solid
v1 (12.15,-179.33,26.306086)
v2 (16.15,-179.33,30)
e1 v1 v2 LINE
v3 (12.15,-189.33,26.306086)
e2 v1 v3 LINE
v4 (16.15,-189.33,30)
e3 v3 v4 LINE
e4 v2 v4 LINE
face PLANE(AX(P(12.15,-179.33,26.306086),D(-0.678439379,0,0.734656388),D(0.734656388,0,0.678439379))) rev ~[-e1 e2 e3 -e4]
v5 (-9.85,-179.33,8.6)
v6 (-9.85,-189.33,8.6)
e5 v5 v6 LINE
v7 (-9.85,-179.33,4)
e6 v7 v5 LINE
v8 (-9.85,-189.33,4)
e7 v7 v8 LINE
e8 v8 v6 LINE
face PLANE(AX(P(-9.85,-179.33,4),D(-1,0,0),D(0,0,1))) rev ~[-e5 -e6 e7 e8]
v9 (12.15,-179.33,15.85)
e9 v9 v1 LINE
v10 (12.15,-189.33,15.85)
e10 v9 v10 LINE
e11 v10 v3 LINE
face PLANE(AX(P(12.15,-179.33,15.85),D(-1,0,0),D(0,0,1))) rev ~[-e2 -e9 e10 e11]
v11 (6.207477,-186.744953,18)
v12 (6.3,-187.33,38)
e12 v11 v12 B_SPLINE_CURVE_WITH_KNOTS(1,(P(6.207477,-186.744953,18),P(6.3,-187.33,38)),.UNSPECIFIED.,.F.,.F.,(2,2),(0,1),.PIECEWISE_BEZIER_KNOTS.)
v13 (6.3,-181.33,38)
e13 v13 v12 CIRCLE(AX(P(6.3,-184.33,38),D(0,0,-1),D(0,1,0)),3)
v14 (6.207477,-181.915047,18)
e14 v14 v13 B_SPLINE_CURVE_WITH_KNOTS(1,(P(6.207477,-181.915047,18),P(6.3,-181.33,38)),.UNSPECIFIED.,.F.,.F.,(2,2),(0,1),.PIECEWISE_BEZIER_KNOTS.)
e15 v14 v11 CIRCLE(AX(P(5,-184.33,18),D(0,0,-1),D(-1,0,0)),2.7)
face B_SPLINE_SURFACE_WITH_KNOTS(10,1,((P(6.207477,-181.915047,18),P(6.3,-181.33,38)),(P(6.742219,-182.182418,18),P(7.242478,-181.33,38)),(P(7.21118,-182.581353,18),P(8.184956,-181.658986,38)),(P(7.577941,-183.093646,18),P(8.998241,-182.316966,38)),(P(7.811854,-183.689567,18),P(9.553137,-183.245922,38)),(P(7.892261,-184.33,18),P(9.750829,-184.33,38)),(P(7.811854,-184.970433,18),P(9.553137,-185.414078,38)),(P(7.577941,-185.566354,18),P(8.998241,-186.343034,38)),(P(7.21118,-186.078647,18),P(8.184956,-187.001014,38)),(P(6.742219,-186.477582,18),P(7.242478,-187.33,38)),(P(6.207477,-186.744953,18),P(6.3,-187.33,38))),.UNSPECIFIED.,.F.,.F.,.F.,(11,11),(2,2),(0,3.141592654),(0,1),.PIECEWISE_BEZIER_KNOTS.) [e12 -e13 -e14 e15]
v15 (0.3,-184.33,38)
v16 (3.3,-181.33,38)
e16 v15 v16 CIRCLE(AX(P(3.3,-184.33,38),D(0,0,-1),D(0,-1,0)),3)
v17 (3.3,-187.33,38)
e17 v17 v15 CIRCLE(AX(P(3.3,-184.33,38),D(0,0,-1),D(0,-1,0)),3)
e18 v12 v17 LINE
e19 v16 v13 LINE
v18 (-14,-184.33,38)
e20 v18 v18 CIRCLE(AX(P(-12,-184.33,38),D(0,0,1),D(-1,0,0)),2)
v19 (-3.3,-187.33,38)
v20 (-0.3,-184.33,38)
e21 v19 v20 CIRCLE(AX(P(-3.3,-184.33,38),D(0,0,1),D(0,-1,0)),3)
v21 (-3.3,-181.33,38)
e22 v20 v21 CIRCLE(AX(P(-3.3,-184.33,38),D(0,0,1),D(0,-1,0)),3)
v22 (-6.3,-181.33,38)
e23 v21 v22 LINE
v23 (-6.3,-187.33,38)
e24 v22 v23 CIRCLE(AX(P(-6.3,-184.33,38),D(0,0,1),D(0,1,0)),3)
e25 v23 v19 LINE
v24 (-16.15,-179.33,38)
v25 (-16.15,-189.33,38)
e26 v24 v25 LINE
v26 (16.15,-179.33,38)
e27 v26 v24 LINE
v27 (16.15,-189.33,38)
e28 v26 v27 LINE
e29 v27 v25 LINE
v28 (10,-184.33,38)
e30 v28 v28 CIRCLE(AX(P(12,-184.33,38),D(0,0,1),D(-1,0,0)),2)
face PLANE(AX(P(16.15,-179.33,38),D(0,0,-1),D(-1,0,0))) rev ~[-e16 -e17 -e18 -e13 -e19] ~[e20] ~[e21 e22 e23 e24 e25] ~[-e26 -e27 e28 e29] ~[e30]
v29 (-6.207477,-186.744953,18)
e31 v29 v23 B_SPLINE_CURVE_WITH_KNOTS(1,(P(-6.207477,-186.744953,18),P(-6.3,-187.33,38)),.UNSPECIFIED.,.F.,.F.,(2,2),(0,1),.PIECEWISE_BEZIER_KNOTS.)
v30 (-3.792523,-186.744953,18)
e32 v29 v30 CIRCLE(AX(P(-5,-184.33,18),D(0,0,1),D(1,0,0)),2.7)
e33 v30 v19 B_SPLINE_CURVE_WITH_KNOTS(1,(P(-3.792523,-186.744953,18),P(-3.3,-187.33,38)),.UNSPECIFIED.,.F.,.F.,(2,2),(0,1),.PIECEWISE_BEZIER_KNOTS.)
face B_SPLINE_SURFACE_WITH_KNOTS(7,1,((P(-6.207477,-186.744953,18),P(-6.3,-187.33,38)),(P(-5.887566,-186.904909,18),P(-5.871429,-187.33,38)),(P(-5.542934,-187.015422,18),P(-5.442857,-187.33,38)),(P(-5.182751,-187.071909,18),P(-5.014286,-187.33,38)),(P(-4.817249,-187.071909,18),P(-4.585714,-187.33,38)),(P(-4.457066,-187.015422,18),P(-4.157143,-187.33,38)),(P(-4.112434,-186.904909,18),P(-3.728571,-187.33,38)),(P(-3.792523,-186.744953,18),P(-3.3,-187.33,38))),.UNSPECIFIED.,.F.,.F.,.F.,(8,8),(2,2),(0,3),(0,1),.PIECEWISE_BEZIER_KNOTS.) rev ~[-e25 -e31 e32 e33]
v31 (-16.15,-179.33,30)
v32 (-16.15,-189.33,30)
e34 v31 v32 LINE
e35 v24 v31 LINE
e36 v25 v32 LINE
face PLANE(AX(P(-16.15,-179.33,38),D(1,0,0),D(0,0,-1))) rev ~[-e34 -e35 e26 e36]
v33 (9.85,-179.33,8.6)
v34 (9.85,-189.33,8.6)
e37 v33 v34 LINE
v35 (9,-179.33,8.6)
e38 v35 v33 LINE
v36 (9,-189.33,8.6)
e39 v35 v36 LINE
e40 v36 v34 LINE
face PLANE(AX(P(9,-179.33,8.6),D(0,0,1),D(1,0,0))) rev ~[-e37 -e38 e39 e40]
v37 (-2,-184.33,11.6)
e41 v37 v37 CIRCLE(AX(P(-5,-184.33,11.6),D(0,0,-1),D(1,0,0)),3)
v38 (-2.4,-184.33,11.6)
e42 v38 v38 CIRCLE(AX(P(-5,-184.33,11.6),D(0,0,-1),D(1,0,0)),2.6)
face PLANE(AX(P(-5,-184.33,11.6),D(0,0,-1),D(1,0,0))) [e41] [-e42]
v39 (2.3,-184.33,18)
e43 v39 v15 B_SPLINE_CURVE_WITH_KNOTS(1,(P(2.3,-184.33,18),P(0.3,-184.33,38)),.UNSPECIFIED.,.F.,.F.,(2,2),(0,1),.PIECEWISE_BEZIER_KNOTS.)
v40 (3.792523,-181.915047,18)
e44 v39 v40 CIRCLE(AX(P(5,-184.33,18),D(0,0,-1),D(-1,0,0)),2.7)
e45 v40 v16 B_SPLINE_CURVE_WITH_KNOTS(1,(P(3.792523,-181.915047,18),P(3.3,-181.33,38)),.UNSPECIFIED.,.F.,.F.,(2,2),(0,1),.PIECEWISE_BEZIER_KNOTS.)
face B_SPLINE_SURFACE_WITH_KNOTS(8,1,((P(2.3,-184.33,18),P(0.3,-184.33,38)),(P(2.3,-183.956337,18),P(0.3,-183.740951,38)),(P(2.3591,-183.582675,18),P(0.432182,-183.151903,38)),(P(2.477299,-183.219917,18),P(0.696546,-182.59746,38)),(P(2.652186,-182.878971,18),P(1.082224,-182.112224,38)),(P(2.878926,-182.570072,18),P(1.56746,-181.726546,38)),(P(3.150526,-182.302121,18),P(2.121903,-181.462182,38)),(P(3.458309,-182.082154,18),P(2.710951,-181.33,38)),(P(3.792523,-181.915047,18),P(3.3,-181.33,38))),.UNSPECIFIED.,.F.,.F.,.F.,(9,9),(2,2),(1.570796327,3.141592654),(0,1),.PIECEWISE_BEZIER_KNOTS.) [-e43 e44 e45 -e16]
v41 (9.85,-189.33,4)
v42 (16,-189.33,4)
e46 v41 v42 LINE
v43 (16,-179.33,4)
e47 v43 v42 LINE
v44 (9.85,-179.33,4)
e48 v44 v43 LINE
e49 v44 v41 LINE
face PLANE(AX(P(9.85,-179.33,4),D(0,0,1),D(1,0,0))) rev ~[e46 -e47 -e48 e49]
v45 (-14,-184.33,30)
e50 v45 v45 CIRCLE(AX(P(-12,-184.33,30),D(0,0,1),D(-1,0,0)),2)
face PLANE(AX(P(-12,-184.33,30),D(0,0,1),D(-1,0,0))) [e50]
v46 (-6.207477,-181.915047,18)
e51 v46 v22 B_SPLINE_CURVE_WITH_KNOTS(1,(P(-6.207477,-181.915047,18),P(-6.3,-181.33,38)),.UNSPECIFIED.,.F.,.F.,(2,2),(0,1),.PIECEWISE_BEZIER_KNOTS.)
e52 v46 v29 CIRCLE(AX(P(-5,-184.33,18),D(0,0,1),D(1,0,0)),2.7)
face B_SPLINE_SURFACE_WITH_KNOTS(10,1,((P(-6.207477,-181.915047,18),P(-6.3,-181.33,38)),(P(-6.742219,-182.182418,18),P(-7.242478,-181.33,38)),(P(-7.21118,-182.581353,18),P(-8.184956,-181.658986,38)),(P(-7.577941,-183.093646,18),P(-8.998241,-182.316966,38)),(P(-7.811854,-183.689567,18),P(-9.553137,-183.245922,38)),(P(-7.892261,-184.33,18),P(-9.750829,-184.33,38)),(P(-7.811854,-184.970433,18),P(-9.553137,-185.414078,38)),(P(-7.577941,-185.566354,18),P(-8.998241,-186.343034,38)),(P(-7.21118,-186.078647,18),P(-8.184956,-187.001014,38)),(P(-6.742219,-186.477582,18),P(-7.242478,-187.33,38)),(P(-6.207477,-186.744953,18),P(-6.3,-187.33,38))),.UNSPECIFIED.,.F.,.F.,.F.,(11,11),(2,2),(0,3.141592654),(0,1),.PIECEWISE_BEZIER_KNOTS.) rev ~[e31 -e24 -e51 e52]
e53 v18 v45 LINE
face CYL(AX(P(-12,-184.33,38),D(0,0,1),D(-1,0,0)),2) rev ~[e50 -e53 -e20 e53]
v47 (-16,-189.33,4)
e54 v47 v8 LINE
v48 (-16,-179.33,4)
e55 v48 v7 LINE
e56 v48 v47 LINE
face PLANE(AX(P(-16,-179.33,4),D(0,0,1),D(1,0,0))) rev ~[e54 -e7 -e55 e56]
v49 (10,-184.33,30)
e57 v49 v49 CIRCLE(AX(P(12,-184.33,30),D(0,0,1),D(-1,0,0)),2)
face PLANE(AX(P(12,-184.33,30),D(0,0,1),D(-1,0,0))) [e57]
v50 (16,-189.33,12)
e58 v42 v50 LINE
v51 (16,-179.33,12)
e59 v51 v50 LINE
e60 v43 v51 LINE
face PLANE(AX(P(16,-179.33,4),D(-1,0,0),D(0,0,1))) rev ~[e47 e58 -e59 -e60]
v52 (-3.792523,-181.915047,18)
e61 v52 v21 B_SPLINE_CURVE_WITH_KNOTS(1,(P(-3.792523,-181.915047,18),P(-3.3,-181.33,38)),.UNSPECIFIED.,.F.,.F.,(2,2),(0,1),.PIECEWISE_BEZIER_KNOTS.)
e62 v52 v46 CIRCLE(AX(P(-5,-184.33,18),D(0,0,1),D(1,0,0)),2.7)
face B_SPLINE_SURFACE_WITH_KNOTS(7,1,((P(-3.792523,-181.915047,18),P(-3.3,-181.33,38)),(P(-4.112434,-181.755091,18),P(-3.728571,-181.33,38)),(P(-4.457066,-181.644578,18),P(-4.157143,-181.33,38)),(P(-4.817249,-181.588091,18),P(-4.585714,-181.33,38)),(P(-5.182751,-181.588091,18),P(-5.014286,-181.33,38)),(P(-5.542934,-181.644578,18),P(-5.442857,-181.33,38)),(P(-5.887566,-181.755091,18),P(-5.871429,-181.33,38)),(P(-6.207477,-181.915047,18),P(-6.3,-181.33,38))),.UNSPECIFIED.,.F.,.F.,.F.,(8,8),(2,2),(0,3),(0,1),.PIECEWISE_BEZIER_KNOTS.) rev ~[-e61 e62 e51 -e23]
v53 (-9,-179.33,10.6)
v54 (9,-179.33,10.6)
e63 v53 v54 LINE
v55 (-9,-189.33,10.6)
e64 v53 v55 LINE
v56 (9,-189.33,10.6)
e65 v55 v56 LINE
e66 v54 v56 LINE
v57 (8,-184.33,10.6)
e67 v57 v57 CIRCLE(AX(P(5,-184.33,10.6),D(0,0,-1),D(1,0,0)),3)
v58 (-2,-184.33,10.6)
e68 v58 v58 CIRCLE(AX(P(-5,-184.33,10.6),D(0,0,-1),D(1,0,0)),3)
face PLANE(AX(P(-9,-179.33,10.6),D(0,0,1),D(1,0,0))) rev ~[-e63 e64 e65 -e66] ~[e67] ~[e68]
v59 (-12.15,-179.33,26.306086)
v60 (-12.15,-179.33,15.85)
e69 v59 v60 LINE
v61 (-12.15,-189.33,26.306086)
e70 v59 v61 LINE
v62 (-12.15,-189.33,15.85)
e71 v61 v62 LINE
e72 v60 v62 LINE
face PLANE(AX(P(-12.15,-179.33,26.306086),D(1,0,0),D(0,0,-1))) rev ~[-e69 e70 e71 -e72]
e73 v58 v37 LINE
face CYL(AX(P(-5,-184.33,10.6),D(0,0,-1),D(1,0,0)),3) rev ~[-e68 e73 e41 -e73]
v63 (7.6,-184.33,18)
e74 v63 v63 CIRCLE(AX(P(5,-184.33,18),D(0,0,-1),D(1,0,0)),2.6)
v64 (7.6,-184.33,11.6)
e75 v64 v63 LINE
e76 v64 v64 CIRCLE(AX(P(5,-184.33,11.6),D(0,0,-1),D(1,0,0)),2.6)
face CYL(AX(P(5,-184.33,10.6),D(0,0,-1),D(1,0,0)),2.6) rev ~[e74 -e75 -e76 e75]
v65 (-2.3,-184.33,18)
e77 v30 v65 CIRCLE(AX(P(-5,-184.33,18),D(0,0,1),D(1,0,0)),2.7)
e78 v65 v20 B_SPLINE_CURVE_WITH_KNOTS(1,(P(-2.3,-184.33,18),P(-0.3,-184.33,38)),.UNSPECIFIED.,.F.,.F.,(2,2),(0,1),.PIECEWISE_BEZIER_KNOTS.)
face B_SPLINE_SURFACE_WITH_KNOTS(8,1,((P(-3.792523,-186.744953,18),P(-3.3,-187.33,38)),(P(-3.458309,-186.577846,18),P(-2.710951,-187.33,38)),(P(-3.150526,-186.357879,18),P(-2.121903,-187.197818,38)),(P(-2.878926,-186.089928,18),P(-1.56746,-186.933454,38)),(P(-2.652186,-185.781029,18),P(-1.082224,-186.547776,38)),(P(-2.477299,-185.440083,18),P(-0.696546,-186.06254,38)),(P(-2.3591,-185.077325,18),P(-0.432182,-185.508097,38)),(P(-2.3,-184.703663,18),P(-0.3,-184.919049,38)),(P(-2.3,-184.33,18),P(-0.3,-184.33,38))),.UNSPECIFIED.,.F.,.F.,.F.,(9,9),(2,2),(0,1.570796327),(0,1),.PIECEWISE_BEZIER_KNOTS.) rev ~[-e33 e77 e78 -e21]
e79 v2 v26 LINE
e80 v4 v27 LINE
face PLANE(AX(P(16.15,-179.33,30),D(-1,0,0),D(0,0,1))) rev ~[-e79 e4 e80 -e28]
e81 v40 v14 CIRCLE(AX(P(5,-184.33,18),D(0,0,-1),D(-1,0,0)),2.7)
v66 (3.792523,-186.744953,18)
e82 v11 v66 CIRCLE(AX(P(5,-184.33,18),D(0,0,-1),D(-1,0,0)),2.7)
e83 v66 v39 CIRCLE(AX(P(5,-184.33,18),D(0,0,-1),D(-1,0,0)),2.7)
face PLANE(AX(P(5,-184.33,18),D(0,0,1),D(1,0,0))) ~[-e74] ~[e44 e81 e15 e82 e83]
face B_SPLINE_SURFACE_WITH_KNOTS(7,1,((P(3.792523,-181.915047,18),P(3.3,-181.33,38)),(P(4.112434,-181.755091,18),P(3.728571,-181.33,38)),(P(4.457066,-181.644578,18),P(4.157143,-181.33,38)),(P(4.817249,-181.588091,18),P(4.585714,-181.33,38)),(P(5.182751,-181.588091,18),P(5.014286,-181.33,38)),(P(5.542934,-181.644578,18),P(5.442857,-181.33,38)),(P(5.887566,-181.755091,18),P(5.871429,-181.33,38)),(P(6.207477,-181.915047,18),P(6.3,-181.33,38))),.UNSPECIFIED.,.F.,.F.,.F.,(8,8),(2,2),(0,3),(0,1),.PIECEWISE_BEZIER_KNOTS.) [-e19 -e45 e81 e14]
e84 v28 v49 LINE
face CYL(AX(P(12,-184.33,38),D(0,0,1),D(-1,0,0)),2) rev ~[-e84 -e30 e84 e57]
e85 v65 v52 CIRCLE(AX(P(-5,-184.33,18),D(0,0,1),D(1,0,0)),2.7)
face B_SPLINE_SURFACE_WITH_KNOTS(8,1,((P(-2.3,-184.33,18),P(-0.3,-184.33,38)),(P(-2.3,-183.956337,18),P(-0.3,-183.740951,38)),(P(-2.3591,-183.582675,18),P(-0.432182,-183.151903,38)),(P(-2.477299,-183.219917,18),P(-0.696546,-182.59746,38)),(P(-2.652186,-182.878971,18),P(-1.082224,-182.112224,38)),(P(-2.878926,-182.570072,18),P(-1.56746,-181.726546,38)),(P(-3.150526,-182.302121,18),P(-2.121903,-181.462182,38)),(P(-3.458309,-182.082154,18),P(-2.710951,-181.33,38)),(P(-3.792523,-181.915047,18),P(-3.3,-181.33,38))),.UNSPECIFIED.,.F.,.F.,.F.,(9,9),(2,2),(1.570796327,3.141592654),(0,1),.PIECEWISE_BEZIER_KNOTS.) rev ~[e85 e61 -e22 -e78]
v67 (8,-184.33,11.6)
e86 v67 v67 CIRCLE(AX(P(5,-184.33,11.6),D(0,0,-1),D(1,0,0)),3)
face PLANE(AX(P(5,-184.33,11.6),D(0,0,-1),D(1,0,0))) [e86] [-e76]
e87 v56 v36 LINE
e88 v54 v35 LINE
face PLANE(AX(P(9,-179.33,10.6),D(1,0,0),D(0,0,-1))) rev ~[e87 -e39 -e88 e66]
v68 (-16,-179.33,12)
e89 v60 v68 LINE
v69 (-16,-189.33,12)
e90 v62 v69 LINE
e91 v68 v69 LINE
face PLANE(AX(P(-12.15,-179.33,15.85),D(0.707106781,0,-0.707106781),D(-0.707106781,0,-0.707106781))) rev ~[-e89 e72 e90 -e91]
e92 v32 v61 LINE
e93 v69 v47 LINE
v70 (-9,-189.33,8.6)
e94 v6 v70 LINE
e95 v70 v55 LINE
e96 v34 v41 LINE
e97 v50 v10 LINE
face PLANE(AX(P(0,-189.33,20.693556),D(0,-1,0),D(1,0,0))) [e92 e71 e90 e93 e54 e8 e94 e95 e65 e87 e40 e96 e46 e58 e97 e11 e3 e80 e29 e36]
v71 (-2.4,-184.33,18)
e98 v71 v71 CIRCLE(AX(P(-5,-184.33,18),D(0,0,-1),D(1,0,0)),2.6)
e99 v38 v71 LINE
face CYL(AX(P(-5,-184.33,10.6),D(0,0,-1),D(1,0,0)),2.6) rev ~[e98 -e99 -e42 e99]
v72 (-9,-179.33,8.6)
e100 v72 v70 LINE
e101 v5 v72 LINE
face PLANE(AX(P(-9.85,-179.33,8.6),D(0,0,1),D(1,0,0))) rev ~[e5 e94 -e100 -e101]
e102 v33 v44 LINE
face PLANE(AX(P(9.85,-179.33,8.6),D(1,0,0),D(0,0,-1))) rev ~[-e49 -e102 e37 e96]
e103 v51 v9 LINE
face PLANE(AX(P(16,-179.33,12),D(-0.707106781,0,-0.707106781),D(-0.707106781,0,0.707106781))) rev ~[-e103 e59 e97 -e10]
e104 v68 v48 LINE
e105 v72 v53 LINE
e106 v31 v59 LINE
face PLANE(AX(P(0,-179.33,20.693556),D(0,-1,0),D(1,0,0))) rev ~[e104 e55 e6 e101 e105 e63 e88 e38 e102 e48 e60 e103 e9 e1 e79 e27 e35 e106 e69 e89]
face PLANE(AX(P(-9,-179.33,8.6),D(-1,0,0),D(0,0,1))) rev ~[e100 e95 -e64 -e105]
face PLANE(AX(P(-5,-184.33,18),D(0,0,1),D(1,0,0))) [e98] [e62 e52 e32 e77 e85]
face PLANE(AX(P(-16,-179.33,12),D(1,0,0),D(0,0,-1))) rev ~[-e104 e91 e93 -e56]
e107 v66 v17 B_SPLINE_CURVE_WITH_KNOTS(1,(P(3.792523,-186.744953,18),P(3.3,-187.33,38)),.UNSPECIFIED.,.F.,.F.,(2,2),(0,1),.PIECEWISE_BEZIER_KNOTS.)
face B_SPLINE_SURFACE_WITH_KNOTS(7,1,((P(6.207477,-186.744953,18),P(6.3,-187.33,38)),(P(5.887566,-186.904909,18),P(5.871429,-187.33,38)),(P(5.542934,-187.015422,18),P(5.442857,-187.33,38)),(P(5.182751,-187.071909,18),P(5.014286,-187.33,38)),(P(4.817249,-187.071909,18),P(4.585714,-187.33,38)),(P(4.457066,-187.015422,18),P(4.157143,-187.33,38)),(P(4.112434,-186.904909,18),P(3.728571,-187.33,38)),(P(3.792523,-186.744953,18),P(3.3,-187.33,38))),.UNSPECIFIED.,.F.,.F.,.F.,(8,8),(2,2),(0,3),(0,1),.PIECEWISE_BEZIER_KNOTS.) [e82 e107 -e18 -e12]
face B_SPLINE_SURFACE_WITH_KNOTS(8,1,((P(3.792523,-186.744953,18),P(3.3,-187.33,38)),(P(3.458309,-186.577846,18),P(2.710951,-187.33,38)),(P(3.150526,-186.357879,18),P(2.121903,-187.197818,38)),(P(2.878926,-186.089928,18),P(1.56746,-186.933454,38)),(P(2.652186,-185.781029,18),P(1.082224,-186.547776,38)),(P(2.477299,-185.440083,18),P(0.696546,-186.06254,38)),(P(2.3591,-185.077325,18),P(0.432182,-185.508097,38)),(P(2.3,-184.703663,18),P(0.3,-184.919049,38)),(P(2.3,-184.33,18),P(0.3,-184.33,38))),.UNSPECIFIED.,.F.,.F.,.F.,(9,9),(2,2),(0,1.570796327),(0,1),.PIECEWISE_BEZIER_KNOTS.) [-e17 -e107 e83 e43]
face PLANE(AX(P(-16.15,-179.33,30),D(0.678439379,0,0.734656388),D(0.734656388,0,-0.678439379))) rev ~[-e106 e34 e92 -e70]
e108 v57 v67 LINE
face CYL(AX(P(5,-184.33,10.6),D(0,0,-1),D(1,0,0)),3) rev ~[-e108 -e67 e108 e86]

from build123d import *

# Parameters (mm, degrees)
SKETCH072_R     = 2.7
PAD031_DEPTH    = 10
SKETCH069_R     = 2.6
POCKET028_DEPTH = 8
SKETCH070_R     = 3
POCKET029_DEPTH = 1
SKETCH073_R     = 2
POCKET030_DEPTH = 8


with BuildPart() as loft004:
    # Sketch072 → Loft004 section 0
    with BuildSketch(Plane.XY.offset(18)):
        with Locations((-5, 0)):
            Circle(SKETCH072_R)
    # Sketch071 → Loft004 section 1
    with BuildSketch(Plane.XY.offset(38)):
        with BuildLine():
            ThreePointArc((-6.3, 3), (-9.3, 0), (-6.3, -3))
            Line((-6.3, -3), (-3.3, -3))
            ThreePointArc((-3.3, -3), (-0.3, 0), (-3.3, 3))
            Line((-3.3, 3), (-6.3, 3))
        make_face()
    loft()


with BuildPart() as part_mirroring004:
    # Part__Mirroring004: instance of Loft004
    add(loft004.part.mirror(Plane(origin=(0, 0, 0), x_dir=(0, -1, 0), z_dir=(1, 0, 0))))


with BuildPart() as fusion004:
    # Fusion004 base: copy of Loft004
    add(loft004.part)

    # Fusion004: union Part__Mirroring004
    add(part_mirroring004.part)


with BuildPart() as cut003:
    # Sketch068 → Pad031 (new body)
    with BuildSketch(Plane.XZ):
        Polygon((-16, 4), (-9.85, 4), (-9.85, 7), (-9.85, 8.6), (-9, 8.6), (-9, 10.6), (9, 10.6), (9, 8.6), (9.85, 8.6), (9.85, 7), (9.85, 4), (16, 4), (16, 12), (12.15, 15.85), (12.15, 26.306086), (16.15, 30), (16.15, 38), (-16.15, 38), (-16.15, 30), (-12.15, 26.306086), (-12.15, 15.85), (-16, 12), align=None)
    extrude(amount=PAD031_DEPTH)

    # Sketch069 (on Face7 of Pad031) → Pocket028 (cut)
    with BuildSketch(Plane(origin=(0, 0, 10.6), x_dir=(1, 0, 0), z_dir=(0, 0, -1))):
        with Locations((-5, 5)):
            Circle(SKETCH069_R)
        with Locations((5, 5)):
            Circle(SKETCH069_R)
    extrude(amount=-POCKET028_DEPTH, mode=Mode.SUBTRACT)

    # Sketch070 (on Face11 of Pocket028) → Pocket029 (cut)
    with BuildSketch(Plane(origin=(0, 0, 10.6), x_dir=(1, 0, 0), z_dir=(0, 0, -1))):
        with Locations((-5, 5)):
            Circle(SKETCH070_R)
        with Locations((5, 5)):
            Circle(SKETCH070_R)
    extrude(amount=-POCKET029_DEPTH, mode=Mode.SUBTRACT)

    # Sketch073 (on Face22 of Pocket029) → Pocket030 (cut)
    with BuildSketch(Plane(origin=(0, 0, 38), x_dir=(-1, 0, 0), z_dir=(0, 0, 1))):
        with Locations((-12, 5)):
            Circle(SKETCH073_R)
        with Locations((12, 5)):
            Circle(SKETCH073_R)
    extrude(amount=-POCKET030_DEPTH, mode=Mode.SUBTRACT)


with BuildPart() as cut003_1:
    # Body025 placement: moved
    add(cut003.part.moved(Location((0, 5, 0))))

    # Cut003: cut Fusion004
    add(fusion004.part, mode=Mode.SUBTRACT)


with BuildPart() as cut003_2:
    # Cut003 placement: moved
    add(cut003_1.part.moved(Location((0, -184.33, 0))))


solid = cut003_2.part
